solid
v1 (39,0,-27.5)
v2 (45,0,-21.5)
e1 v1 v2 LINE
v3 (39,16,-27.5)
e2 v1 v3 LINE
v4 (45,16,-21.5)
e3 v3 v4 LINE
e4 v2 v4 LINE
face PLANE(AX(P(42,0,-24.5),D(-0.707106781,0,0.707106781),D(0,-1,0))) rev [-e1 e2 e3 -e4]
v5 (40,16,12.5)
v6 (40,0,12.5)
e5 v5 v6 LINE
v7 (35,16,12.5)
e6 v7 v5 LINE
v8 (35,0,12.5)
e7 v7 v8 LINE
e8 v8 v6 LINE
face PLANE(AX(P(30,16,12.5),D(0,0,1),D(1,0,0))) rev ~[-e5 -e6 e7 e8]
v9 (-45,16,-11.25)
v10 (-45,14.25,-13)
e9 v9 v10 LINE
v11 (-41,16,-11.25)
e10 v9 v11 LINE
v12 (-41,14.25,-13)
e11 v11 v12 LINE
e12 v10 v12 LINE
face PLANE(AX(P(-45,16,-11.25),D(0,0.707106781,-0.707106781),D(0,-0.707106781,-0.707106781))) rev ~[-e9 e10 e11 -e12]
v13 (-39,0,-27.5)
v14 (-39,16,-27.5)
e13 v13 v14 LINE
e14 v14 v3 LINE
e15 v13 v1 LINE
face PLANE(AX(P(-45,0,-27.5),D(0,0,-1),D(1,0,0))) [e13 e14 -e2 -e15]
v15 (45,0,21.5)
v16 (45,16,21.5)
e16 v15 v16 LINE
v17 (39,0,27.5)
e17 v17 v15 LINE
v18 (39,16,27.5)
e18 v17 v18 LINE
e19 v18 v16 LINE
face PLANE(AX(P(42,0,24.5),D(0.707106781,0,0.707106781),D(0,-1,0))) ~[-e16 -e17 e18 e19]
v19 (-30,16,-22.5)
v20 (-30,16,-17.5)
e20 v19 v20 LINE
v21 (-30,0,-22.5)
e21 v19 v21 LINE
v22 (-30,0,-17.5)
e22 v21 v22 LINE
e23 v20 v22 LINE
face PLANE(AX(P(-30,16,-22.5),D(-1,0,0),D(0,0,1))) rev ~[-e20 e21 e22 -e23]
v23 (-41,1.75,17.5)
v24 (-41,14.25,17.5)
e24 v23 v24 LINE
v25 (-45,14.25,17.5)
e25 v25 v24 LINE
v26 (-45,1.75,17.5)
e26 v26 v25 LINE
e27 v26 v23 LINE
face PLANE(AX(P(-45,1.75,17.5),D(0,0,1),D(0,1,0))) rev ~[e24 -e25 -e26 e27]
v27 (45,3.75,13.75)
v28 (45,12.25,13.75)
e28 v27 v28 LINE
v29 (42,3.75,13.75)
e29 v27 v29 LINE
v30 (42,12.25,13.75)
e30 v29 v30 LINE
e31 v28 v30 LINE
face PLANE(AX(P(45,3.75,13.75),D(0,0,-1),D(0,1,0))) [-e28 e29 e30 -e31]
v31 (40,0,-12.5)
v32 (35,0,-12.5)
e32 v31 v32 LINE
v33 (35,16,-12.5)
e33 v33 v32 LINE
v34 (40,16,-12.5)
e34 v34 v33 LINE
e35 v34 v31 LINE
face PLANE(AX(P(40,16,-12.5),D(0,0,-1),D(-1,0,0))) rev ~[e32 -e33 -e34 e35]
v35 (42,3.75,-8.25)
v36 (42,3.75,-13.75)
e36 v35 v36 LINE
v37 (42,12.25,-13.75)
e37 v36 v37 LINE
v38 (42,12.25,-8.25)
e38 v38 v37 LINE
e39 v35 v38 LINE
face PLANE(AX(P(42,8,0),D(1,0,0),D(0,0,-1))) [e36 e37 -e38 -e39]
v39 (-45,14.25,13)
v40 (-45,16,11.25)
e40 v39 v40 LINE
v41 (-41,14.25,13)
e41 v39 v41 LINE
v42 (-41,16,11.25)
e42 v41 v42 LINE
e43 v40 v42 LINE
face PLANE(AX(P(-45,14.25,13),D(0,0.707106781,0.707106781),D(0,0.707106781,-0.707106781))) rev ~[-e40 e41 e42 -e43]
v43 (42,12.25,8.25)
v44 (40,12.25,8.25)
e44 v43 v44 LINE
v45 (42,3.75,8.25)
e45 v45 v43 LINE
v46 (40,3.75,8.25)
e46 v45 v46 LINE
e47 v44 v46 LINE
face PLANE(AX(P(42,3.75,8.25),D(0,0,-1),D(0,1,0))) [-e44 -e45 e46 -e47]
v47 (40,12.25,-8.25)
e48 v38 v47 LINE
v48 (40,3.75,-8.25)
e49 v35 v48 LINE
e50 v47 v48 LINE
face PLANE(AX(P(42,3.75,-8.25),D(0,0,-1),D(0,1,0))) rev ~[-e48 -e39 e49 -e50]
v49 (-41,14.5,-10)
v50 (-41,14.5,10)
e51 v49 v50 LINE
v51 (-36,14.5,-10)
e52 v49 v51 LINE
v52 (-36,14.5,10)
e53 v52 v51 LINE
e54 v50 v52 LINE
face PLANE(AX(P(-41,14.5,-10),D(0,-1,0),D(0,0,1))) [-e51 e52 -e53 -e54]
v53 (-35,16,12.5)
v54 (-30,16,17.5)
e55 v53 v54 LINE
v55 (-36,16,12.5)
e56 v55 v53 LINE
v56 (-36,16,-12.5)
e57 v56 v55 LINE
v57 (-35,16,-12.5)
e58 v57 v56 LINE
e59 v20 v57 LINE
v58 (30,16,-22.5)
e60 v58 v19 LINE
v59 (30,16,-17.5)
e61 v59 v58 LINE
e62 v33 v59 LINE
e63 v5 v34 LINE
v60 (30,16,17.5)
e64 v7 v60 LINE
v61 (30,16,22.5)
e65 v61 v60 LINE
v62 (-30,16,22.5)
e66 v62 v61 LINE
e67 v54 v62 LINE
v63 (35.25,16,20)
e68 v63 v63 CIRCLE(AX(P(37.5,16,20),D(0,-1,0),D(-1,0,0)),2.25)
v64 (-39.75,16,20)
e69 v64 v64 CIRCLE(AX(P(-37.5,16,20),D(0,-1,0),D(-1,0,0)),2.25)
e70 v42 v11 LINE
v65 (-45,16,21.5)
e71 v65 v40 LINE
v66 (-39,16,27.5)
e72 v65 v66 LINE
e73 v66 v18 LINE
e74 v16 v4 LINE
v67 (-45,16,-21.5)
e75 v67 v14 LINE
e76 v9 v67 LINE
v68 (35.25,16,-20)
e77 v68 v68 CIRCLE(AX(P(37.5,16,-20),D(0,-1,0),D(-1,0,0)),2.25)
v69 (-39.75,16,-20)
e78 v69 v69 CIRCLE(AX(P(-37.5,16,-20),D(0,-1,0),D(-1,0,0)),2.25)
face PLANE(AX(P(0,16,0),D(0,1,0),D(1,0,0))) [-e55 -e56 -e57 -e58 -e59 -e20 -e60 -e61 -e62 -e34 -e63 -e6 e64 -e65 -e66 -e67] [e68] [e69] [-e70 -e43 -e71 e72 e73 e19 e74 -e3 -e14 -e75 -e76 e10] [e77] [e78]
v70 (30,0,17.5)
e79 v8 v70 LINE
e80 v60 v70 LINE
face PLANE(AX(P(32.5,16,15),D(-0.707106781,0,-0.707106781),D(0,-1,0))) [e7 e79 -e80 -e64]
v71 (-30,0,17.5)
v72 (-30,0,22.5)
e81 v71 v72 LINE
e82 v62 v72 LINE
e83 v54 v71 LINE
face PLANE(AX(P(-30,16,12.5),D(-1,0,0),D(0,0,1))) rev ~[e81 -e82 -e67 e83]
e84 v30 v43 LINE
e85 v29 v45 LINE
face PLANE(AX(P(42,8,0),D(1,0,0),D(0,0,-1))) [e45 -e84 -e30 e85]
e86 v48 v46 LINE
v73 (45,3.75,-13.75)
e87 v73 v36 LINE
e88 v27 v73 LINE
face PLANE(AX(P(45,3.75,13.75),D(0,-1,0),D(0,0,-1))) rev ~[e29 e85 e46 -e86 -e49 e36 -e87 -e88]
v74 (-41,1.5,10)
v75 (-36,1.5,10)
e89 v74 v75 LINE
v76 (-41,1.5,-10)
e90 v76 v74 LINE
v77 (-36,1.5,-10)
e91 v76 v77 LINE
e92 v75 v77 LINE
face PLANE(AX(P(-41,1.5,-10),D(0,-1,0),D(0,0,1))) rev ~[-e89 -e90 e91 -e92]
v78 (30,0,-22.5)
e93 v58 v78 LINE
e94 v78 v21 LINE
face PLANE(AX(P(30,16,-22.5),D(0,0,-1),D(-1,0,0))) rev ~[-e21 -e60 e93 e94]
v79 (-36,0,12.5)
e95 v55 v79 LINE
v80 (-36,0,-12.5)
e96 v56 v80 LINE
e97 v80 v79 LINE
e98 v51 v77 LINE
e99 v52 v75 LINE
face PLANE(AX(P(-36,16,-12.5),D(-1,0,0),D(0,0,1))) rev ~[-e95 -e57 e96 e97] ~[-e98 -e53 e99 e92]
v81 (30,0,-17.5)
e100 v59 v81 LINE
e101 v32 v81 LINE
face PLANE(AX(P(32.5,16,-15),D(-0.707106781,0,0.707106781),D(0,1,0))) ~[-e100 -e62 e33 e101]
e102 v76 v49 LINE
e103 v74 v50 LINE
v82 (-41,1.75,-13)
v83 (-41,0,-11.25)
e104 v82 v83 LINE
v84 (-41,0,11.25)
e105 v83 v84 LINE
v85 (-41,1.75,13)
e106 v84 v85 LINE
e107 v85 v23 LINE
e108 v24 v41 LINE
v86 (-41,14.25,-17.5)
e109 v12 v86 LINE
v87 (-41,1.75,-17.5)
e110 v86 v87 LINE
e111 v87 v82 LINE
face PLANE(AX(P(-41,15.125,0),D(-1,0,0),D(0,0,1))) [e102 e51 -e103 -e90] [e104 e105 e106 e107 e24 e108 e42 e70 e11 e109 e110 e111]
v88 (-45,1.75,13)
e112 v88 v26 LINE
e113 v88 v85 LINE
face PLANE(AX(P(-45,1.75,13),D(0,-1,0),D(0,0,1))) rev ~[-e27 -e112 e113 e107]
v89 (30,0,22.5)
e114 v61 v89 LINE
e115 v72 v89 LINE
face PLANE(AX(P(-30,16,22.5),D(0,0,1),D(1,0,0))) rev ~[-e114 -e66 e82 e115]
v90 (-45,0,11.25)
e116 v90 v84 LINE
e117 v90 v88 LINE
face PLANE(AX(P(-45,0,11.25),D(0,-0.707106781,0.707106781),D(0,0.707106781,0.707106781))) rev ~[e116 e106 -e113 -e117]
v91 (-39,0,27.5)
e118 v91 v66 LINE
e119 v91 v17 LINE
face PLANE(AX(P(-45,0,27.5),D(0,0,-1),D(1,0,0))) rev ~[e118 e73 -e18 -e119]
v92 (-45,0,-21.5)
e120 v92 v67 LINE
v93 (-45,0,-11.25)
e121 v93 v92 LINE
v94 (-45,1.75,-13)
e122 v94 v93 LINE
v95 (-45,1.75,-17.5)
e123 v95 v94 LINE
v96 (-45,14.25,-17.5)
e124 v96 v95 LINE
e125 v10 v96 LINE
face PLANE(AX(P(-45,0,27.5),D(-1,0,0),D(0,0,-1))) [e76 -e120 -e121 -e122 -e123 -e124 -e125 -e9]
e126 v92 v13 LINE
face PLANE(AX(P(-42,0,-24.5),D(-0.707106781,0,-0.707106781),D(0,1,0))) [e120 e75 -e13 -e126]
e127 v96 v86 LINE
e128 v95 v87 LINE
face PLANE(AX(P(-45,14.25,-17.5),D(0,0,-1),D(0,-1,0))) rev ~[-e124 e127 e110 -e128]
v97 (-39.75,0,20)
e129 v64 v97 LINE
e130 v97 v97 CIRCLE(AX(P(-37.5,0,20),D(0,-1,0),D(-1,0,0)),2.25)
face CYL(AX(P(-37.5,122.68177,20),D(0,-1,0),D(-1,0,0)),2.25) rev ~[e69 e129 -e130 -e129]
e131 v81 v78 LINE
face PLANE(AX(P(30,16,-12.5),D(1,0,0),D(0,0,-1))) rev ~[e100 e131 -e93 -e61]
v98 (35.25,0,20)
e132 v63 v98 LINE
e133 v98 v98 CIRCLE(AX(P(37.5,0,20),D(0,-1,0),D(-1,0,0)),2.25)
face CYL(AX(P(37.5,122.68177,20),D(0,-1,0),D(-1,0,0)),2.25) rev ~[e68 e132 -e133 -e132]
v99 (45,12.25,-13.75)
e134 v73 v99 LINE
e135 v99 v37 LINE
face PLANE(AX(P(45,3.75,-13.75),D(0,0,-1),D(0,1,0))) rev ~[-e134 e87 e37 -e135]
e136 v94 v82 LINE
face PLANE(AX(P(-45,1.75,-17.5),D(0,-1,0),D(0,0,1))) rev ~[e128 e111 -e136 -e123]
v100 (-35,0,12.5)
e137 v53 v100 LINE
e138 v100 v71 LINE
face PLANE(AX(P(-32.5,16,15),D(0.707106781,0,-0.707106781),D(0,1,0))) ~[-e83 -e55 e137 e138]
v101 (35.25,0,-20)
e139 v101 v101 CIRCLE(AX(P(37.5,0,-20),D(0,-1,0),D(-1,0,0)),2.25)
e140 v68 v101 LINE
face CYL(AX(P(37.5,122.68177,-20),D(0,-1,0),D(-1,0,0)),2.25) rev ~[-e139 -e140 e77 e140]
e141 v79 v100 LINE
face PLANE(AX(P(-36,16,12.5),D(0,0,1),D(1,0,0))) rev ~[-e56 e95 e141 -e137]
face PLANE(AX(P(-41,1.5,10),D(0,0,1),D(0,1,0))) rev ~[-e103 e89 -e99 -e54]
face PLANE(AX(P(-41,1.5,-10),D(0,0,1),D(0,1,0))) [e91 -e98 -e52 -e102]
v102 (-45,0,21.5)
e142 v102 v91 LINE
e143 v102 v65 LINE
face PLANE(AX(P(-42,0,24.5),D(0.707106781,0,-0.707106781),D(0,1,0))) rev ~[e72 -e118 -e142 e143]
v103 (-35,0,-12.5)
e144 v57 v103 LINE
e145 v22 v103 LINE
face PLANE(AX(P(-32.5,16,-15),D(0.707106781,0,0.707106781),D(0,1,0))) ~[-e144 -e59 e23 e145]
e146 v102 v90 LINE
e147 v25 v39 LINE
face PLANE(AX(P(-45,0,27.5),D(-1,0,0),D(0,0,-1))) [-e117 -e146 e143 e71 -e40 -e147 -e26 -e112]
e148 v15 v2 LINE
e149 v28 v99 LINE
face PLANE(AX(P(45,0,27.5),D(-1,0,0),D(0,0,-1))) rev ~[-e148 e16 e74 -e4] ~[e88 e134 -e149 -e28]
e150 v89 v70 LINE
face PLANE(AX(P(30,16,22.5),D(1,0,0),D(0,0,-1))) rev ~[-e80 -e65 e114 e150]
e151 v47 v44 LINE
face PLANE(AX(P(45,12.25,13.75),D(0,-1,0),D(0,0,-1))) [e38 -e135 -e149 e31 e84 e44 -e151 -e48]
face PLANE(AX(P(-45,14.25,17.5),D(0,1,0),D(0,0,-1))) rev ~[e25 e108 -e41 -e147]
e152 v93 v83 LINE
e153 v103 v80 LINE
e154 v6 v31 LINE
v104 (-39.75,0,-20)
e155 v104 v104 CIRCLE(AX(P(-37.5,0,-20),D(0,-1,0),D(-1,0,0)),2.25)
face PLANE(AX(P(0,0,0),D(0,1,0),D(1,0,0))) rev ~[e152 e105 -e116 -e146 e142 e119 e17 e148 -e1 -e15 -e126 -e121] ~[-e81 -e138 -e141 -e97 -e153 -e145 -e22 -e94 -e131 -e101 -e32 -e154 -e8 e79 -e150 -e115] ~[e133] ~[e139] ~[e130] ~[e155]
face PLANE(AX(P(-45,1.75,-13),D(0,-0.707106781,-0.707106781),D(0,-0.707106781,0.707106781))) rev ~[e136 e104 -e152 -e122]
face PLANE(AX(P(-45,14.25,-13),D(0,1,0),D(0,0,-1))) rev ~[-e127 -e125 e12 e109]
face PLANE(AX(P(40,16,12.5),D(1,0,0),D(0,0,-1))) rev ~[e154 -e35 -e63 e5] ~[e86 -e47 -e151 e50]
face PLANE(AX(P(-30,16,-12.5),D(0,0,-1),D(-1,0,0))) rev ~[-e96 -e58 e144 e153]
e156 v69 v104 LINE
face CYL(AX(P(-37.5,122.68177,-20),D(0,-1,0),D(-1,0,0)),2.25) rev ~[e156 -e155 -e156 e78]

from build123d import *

# Parameters (mm, degrees)
SKETCH1_W            = 90
SKETCH1_H            = 55
BOSS_EXTRUDE1_DEPTH  = 16
SKETCH2_W            = 22
SKETCH2_H            = 1.75
SKETCH2_H_2          = 12.5
CUT_EXTRUDE1_DEPTH   = 4
SKETCH3_W            = 20
SKETCH3_H            = 13
CUT_EXTRUDE2_DEPTH   = 20
CHAMFER1_SIZE        = 6
M4_CLEARANCE_HOLE1_D = 4.5
SKETCH7_W            = 27.5
SKETCH7_H            = 8.5
CUT_EXTRUDE3_DEPTH   = 3
SKETCH8_W            = 16.5
SKETCH8_H            = 8.5
CUT_EXTRUDE4_DEPTH   = 12
SKETCH9_R            = 2.25
CUT_EXTRUDE5_DEPTH   = 17
CHAMFER2_SIZE        = 5


with BuildPart() as part:
    # Sketch1 → Boss-Extrude1 (new body)
    with BuildSketch(Plane(origin=(0, 0, 0), x_dir=(1, 0, 0), z_dir=(0, 1, 0))):
        Rectangle(SKETCH1_W, SKETCH1_H)
    extrude(amount=BOSS_EXTRUDE1_DEPTH)

    # Sketch2 → Cut-Extrude1 (cut)
    with BuildSketch(Plane.ZY.offset(45)):
        with Locations((0, 15.125)):
            Rectangle(SKETCH2_W, SKETCH2_H)
        Polygon((11, 16), (11, 14.25), (13, 14.25), (11.25, 16), align=None)
        Polygon((-11.25, 16), (-13, 14.25), (-11, 14.25), (-11, 16), align=None)
        Polygon((-17.5, 14.25), (-17.5, 1.75), (-13, 1.75), (-11, 1.75), (-11, 14.25), (-13, 14.25), align=None)
        with Locations((0, 8)):
            Rectangle(SKETCH2_W, SKETCH2_H_2)
        Polygon((11, 14.25), (11, 1.75), (13, 1.75), (17.5, 1.75), (17.5, 14.25), (13, 14.25), align=None)
        with Locations((0, 0.875)):
            Rectangle(SKETCH2_W, SKETCH2_H)
        Polygon((13, 1.75), (11, 1.75), (11, 0), (11.25, 0), align=None)
        Polygon((-11, 1.75), (-13, 1.75), (-11.25, 0), (-11, 0), align=None)
    extrude(amount=-CUT_EXTRUDE1_DEPTH, mode=Mode.SUBTRACT)

    # Sketch3 → Cut-Extrude2 (cut)
    with BuildSketch(Plane.ZY.offset(41)):
        with Locations((0, 8)):
            Rectangle(SKETCH3_W, SKETCH3_H)
    extrude(amount=-CUT_EXTRUDE2_DEPTH, mode=Mode.SUBTRACT)

    # Chamfer1
    chamfer1_edges = [part.edges().sort_by_distance(p)[0] for p in [
        (45, 8, 27.5),
        (-45, 8, 27.5),
        (-45, 8, -27.5),
        (45, 8, -27.5),
    ]]
    chamfer(chamfer1_edges, length=CHAMFER1_SIZE)

    # M4 Clearance Hole1 (through all)
    with Locations(Plane(origin=(0, 16, 0), x_dir=(1, 0, 0), z_dir=(0, 1, 0))):
        with Locations((0, 0), (37.5, 20), (-37.5, -20), (-37.5, 20), (37.5, -20)):
            Hole(M4_CLEARANCE_HOLE1_D / 2)

    # Sketch7 → Cut-Extrude3 (cut)
    with BuildSketch(Plane(origin=(45, 0, 0), x_dir=(0, 0, -1), z_dir=(1, 0, 0))):
        with Locations((0, 8)):
            Rectangle(SKETCH7_W, SKETCH7_H)
    extrude(amount=-CUT_EXTRUDE3_DEPTH, mode=Mode.SUBTRACT)

    # Sketch8 → Cut-Extrude4 (cut)
    with BuildSketch(Plane(origin=(42, 0, 0), x_dir=(0, 0, -1), z_dir=(1, 0, 0))):
        with Locations((0, 8)):
            Rectangle(SKETCH8_W, SKETCH8_H)
    extrude(amount=-CUT_EXTRUDE4_DEPTH, mode=Mode.SUBTRACT)

    # Sketch9 → Cut-Extrude5 (cut, through all)
    with BuildSketch(Plane(origin=(0, 16, 0), x_dir=(1, 0, 0), z_dir=(0, 1, 0))):
        Polygon((30, -12.5), (40, -12.5), (40, 12.5), (30, 12.5), (30, 22.5), (-30, 22.5), (-30, 12.5), (-36, 12.5), (-36, -12.5), (-30, -12.5), (-30, -22.5), (30, -22.5), align=None)
        Circle(SKETCH9_R, mode=Mode.SUBTRACT)
    extrude(amount=-CUT_EXTRUDE5_DEPTH, mode=Mode.SUBTRACT)

    # Chamfer2
    chamfer2_edges = [part.edges().sort_by_distance(p)[0] for p in [
        (30, 8, -12.5),
        (30, 8, 12.5),
        (-30, 8, 12.5),
        (-30, 8, -12.5),
    ]]
    chamfer(chamfer2_edges, length=CHAMFER2_SIZE)


solid = part.part
